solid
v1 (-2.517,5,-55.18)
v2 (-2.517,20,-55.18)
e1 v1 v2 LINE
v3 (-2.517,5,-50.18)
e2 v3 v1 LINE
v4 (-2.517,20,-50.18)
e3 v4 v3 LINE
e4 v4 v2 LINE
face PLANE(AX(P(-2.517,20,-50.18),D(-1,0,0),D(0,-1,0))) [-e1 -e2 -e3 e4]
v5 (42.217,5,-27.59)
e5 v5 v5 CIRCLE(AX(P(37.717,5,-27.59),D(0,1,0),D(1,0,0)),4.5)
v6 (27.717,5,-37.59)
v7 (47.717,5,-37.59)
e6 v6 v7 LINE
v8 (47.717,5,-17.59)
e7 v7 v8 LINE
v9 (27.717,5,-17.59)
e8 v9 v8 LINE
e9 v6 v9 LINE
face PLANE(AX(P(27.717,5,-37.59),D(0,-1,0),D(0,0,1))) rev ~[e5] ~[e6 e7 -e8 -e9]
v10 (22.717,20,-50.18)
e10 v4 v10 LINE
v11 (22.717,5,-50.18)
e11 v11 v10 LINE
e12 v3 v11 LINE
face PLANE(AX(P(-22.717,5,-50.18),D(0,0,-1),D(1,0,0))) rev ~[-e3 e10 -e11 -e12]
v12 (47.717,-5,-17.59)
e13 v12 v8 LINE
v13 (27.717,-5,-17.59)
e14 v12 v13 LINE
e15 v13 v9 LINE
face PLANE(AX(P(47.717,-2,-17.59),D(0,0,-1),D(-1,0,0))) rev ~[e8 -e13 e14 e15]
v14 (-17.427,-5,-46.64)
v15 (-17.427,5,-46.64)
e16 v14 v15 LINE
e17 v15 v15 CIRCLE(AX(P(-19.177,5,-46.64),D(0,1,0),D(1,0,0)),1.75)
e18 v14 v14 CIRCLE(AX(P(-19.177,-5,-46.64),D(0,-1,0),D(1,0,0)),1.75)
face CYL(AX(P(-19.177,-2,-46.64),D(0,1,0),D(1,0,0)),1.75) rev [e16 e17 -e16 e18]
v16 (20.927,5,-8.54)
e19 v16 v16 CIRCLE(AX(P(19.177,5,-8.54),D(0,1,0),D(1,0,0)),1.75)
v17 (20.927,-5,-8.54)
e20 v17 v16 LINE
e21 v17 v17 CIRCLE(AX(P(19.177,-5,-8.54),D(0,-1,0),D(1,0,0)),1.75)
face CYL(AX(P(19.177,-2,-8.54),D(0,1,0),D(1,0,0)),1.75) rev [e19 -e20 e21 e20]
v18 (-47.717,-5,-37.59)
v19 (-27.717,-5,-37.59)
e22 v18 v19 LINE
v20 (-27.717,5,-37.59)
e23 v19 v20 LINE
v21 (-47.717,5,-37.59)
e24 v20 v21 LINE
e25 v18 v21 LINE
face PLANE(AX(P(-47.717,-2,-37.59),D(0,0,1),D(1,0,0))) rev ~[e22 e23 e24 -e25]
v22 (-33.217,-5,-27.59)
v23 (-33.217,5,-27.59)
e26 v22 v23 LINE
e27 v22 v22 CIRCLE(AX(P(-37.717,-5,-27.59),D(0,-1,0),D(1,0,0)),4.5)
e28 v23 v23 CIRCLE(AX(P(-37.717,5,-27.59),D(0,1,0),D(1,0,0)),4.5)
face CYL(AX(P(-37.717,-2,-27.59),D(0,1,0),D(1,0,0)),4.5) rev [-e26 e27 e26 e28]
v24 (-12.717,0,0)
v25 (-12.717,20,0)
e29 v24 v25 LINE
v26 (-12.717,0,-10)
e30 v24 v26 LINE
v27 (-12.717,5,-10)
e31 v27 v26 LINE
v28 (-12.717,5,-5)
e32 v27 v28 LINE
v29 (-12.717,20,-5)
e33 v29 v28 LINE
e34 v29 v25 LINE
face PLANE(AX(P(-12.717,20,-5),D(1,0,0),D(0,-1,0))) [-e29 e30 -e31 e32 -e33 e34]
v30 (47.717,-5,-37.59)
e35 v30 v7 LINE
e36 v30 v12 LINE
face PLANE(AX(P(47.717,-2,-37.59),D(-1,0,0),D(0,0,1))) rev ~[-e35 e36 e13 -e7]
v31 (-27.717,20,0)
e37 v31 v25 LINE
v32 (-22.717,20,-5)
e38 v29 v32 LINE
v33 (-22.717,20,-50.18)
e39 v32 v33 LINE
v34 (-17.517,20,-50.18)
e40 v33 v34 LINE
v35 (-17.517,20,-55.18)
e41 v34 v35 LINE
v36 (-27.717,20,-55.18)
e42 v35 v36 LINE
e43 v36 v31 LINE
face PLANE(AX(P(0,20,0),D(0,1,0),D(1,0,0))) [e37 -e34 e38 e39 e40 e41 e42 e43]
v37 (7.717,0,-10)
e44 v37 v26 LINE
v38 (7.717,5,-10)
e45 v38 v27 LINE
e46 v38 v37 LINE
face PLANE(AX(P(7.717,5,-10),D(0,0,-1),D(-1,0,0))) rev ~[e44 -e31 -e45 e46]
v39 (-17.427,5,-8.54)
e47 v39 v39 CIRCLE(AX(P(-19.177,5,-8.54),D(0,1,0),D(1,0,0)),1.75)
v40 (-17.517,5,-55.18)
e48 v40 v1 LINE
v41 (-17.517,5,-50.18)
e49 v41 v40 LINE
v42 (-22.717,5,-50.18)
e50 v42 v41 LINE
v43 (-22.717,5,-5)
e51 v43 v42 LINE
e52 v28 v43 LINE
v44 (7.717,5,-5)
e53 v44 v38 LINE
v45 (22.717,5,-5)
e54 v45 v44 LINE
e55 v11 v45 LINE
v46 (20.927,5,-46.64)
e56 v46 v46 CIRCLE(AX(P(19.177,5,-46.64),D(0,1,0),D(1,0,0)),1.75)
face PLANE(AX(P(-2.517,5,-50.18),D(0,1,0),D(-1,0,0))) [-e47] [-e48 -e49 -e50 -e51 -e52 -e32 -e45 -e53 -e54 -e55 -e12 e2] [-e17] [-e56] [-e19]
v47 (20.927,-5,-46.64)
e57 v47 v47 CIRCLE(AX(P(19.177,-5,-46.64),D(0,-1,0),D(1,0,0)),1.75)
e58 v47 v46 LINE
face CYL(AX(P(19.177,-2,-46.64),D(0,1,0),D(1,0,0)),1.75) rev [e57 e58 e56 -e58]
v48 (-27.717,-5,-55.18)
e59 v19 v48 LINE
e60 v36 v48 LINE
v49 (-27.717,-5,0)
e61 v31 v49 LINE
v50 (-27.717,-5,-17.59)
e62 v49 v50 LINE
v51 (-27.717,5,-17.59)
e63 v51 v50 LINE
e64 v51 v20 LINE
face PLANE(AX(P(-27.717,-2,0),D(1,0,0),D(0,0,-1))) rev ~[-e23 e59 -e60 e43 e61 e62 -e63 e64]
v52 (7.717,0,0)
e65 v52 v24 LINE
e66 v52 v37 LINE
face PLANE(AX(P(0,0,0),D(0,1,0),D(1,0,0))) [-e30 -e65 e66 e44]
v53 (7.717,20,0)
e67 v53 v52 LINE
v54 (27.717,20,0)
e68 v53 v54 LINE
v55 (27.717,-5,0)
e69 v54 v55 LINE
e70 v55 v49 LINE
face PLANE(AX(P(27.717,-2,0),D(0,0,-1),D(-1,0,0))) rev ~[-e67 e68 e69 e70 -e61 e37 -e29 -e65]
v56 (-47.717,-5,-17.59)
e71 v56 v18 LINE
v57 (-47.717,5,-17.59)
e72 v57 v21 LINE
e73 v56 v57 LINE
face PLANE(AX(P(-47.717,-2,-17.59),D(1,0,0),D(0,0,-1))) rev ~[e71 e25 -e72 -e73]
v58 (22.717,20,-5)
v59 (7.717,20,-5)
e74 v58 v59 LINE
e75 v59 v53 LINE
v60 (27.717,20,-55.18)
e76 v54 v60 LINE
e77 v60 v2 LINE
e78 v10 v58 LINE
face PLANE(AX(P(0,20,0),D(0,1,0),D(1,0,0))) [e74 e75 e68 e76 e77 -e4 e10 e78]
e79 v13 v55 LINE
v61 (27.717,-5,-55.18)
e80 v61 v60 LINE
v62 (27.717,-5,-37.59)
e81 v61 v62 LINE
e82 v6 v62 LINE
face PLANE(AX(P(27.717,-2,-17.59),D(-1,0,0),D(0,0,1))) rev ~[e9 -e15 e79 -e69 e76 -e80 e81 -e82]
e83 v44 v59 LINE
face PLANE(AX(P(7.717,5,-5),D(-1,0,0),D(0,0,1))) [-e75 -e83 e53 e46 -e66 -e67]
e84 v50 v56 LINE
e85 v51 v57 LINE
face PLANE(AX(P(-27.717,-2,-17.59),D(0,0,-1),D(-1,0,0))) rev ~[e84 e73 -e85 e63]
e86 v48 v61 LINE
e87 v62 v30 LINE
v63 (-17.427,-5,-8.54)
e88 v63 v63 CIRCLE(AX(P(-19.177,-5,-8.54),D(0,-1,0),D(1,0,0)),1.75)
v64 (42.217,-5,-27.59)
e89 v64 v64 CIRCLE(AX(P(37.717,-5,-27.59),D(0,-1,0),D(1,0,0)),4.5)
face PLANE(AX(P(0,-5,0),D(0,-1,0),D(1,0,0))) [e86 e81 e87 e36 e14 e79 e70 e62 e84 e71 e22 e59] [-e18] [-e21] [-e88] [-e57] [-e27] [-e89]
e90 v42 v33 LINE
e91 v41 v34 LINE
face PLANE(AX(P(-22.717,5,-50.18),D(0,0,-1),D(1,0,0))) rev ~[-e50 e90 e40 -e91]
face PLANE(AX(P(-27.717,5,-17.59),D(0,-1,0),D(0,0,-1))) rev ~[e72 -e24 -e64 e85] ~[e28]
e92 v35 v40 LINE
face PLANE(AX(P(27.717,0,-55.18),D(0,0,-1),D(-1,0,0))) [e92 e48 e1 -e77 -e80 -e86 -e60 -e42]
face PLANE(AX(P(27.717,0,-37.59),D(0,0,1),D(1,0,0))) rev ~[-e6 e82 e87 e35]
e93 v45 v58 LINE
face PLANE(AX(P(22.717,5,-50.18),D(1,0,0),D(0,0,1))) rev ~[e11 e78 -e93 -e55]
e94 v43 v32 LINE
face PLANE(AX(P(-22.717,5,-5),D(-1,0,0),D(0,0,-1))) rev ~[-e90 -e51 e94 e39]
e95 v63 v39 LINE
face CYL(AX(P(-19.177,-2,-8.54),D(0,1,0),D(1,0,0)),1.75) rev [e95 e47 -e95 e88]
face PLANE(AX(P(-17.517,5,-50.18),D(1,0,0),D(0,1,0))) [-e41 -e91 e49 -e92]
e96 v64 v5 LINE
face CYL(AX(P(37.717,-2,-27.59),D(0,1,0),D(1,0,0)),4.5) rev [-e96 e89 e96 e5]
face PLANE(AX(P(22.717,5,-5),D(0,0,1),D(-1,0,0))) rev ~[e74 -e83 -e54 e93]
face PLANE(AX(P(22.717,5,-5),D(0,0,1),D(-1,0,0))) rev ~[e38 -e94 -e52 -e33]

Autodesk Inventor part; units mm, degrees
ref_plane "YZ Plane" through (0, 0, 0) normal (1, 0, 0) x (0, 1, 0)
ref_plane "XZ Plane" through (0, 0, 0) normal (0, 1, 0) x (-1, 0, 0)
ref_plane "XY Plane" through (0, 0, 0) normal (0, 0, 1) x (1, 0, 0)
sketch "스케치1" plane through (0, 0, 0) normal (0, 1, 0) x (-1, 0, 0)
  line L0 (27.717, -55.18) -> (-27.717, -55.18)
  line L1 (-27.717, -55.18) -> (-27.717, 0)
  line L2 (-27.717, 0) -> (27.717, 0)
  line L3 (27.717, 0) -> (27.717, -55.18)
  point P0 (0, 0)
  point P1 (0, 0)
  dimension "d0" = 55.434
  dimension "d1" = 55.18
extrude "돌출1" add sketch "스케치1" along normal blind 5
sketch "스케치2" plane through (0, 5, 0) normal (0, 1, 0) x (1, 0, 0)
  line L0 (-27.717, 0) -> (27.717, 0) projected
  line L1 (27.717, 0) -> (27.717, 55.18) projected
  line L2 (27.717, 55.18) -> (-27.717, 55.18) projected
  line L3 (-27.717, 55.18) -> (-27.717, 0) projected
  line L4 (-22.717, 50.18) -> (22.717, 50.18)
  line L5 (22.717, 50.18) -> (22.717, 5)
  line L6 (22.717, 5) -> (-22.717, 5)
  line L7 (-22.717, 5) -> (-22.717, 50.18)
  point P0 (0, 0)
  dimension "d4" = 45.434
  dimension "d5" = 45.18
  dimension "d6" = 5
  dimension "d7" = 5
extrude "돌출2" add sketch "스케치2" along normal blind 15
sketch "스케치3" plane through (22.717, 5, -5) normal (0, 0, -1) x (-1, 0, 0)
  line L0 (45.434, 0) -> (0, 0) projected
  line L1 (45.434, 0) -> (45.434, 15) projected
  line L2 (0, 15) -> (45.434, 15) projected
  line L3 (0, 0) -> (0, 15) projected
  line L4 (15, 15) -> (35.434, 15)
  line L5 (35.434, 15) -> (35.434, 0)
  line L6 (35.434, 0) -> (15, 0)
  line L7 (15, 0) -> (15, 15)
  point P0 (22.717, -5)
  point P1 (15, 0)
  dimension "d10" = 15
  dimension "d11" = 10
extrude "돌출3" cut sketch "스케치3" against normal blind 15 contours L0 L7 L2 L5
sketch "스케치5" plane through (-22.717, 5, -50.18) normal (0, 0, 1) x (1, 0, 0)
  line L0 (45.434, 0) -> (0, 0) projected
  line L1 (45.434, 0) -> (45.434, 15) projected
  line L2 (0, 15) -> (45.434, 15) projected
  line L3 (0, 0) -> (0, 15) projected
  line L4 (5.2, 15) -> (20.2, 15)
  line L5 (20.2, 15) -> (20.2, 0)
  line L6 (20.2, 0) -> (5.2, 0)
  line L7 (5.2, 0) -> (5.2, 15)
  point P0 (22.717, -5)
  point P1 (5.2, 0)
  dimension "d14" = 15
  dimension "d15" = 5.2
extrude "돌출4" cut sketch "스케치5" against normal blind 10 contours L0 L7 L2 L5
sketch "스케치6" plane through (0, 5, 0) normal (0, 1, 0) x (1, 0, 0)
  line L0 (-22.717, 50.18) -> (-22.717, 5) projected
  line L1 (-22.717, 5) -> (-12.717, 5) projected
  line L2 (-12.717, 5) -> (-12.717, 0) projected
  line L3 (7.717, 0) -> (-12.717, 0) projected
  line L4 (7.717, 5) -> (7.717, 0) projected
  line L5 (7.717, 5) -> (22.717, 5) projected
  line L6 (22.717, 5) -> (22.717, 50.18) projected
  line L7 (22.717, 50.18) -> (-2.517, 50.18) projected
  line L8 (-2.517, 50.18) -> (-2.517, 55.18) projected
  line L9 (-17.517, 55.18) -> (-2.517, 55.18) projected
  line L10 (-17.517, 50.18) -> (-17.517, 55.18) projected
  line L11 (-17.517, 50.18) -> (-22.717, 50.18) projected
  circle A0 centre (-19.177, 46.64) radius 1.75
  circle A1 centre (19.177, 46.64) radius 1.75
  circle A2 centre (-19.177, 8.54) radius 1.75
  circle A3 centre (19.177, 8.54) radius 1.75
  point P0 (0, 0)
  dimension "d18" = 3.5
  dimension "d19" = 3.5
  dimension "d20" = 3.5
  dimension "d21" = 3.5
  dimension "d22" = 3.54
  dimension "d23" = 3.54
  dimension "d24" = 38.354
  dimension "d25" = 38.1
  dimension "d26" = 38.354
  dimension "d27" = 38.1
  dimension "d28" = 3.54
  dimension "d29" = 3.54
  dimension "d30" = 3.54
  dimension "d31" = 3.54
  dimension "d32" = 3.54
  dimension "d33" = 3.54
extrude "돌출5" cut sketch "스케치6" against normal blind 10 contours A0 | A1 | A2 | A3
sketch "스케치7" plane through (27.717, 0, 0) normal (1, 0, 0) x (0, 0, -1)
  line L0 (17.59, 0) -> (37.59, 0)
  line L1 (37.59, 0) -> (37.59, 5)
  line L2 (37.59, 5) -> (17.59, 5)
  line L3 (17.59, 5) -> (17.59, 0)
  line L4 (55.18, 0) -> (55.18, 20) projected
  line L5 (0, 0) -> (0, 20) projected
  dimension "d36" = 20
  dimension "d37" = 5
  dimension "d38" = 55.18
  dimension "d39" = 17.59
  dimension "d40" = 15
extrude "돌출6" add sketch "스케치7" along normal blind 20
sketch "스케치8" plane through (27.717, 5, -17.59) normal (0, 1, 0) x (1, 0, 0)
  line L0 (0, 0) -> (0, 20) projected
  line L1 (0, 0) -> (20, 0) projected
  line L2 (20, 20) -> (20, 0) projected
  line L3 (0, 20) -> (20, 20) projected
  circle A0 centre (10, 10) radius 4.5
  point P0 (-27.717, -17.59)
  dimension "d43" = 9
extrude "돌출7" cut sketch "스케치8" against normal blind 20 contours A0
sketch "스케치9" plane through (-27.717, 0, -55.18) normal (-1, 0, 0) x (0, 0, 1)
  line L0 (17.59, 0) -> (37.59, 0)
  line L1 (37.59, 0) -> (37.59, 5)
  line L2 (37.59, 5) -> (17.59, 5)
  line L3 (17.59, 5) -> (17.59, 0)
  line L4 (55.18, 0) -> (55.18, 20) projected
  dimension "d46" = 20
  dimension "d47" = 5
  dimension "d48" = 17.59
  dimension "d49" = 15
extrude "돌출8" add sketch "스케치9" along normal blind 20
sketch "스케치10" plane through (-27.717, 5, -17.59) normal (0, 1, 0) x (1, 0, 0)
  line L0 (0, 20) -> (0, 0) projected
  line L1 (0, 20) -> (-20, 20) projected
  line L2 (-20, 0) -> (-20, 20) projected
  line L3 (0, 0) -> (-20, 0) projected
  circle A0 centre (-10, 10) radius 4.5
  point P0 (27.717, -17.59)
  dimension "d52" = 9
extrude "돌출9" cut sketch "스케치10" against normal blind 20 contours A0
sketch "스케치12" plane through (0, 0, 0) normal (0, -1, 0) x (1, 0, 0)
  circle A0 centre (-37.717, -27.59) radius 4.5 projected
  circle A1 centre (37.717, -27.59) radius 4.5 projected
  circle A2 centre (-19.177, -8.54) radius 1.75 projected
  circle A3 centre (19.177, -46.64) radius 1.75 projected
  circle A4 centre (19.177, -8.54) radius 1.75 projected
  circle A5 centre (-19.177, -46.64) radius 1.75 projected
  line L0 (-27.717, 0) -> (27.717, 0) projected
  line L1 (-27.717, -17.59) -> (-27.717, 0) projected
  line L2 (-27.717, -17.59) -> (-47.717, -17.59) projected
  line L3 (-47.717, -37.59) -> (-47.717, -17.59) projected
  line L4 (-27.717, -37.59) -> (-47.717, -37.59) projected
  line L5 (-27.717, -55.18) -> (-27.717, -37.59) projected
  line L6 (27.717, -55.18) -> (-27.717, -55.18) projected
  line L7 (27.717, -37.59) -> (27.717, -55.18) projected
  line L8 (27.717, -37.59) -> (47.717, -37.59) projected
  line L9 (47.717, -17.59) -> (47.717, -37.59) projected
  line L10 (27.717, -17.59) -> (47.717, -17.59) projected
  line L11 (27.717, 0) -> (27.717, -17.59) projected
  line L12 (-27.717, 0) -> (27.717, 0)
  line L13 (27.717, -55.18) -> (-27.717, -55.18)
  line L14 (27.717, -17.59) -> (47.717, -17.59)
  line L15 (47.717, -17.59) -> (47.717, -37.59)
  line L16 (47.717, -37.59) -> (27.717, -37.59)
  line L17 (-47.717, -17.59) -> (-27.717, -17.59)
  line L18 (-27.717, -37.59) -> (-47.717, -37.59)
  line L19 (-47.717, -37.59) -> (-47.717, -17.59)
  circle A6 centre (-37.717, -27.59) radius 4.5
  circle A7 centre (-19.177, -8.54) radius 1.75
  circle A8 centre (19.177, -8.54) radius 1.75
  circle A9 centre (37.717, -27.59) radius 4.5
  circle A10 centre (19.177, -46.64) radius 1.75
  circle A11 centre (-19.177, -46.64) radius 1.75
  line L20 (-27.717, -55.18) -> (-27.717, -37.59)
  line L21 (-27.717, -17.59) -> (-27.717, 0)
  line L22 (27.717, 0) -> (27.717, -17.59)
  line L23 (27.717, -37.59) -> (27.717, -55.18)
  point P0 (0, 0)
extrude "돌출10" add sketch "스케치12" along normal blind 2
sketch "스케치13" plane through (0, 5, 0) normal (0, 1, 0) x (1, 0, 0)
  circle A0 centre (-19.177, 8.54) radius 1.75 projected
  circle A1 centre (19.177, 46.64) radius 1.75 projected
  circle A2 centre (19.177, 8.54) radius 1.75 projected
  circle A3 centre (-19.177, 46.64) radius 1.75 projected
  line L0 (-22.717, 50.18) -> (-22.717, 5) projected
  line L1 (-22.717, 5) -> (-12.717, 5) projected
  line L2 (-12.717, 5) -> (-12.717, 0) projected
  line L3 (7.717, 0) -> (-12.717, 0) projected
  line L4 (7.717, 5) -> (7.717, 0) projected
  line L5 (7.717, 5) -> (22.717, 5) projected
  line L6 (22.717, 5) -> (22.717, 50.18) projected
  line L7 (22.717, 50.18) -> (-2.517, 50.18) projected
  line L8 (-2.517, 50.18) -> (-2.517, 55.18) projected
  line L9 (-17.517, 55.18) -> (-2.517, 55.18) projected
  line L10 (-17.517, 50.18) -> (-17.517, 55.18) projected
  line L11 (-17.517, 50.18) -> (-22.717, 50.18) projected
  line L12 (-12.717, 0) -> (7.717, 0)
  line L13 (7.717, 0) -> (7.717, 5)
  line L14 (-12.717, 5) -> (-12.717, 0)
  line L15 (7.717, 5) -> (7.717, 10)
  line L16 (7.717, 10) -> (-12.717, 10)
  line L17 (-12.717, 10) -> (-12.717, 5)
  point P0 (0, 0)
  dimension "d57" = 5
extrude "돌출11" cut sketch "스케치13" against normal blind 5 contours L17 L16 L15 L4 L3 L2
sketch "스케치14" plane through (0, -2, 0) normal (0, -1, 0) x (1, 0, 0)
  line L0 (27.717, 0) -> (-27.717, 0) projected
  line L1 (-27.717, 0) -> (-27.717, -17.59) projected
  line L2 (-27.717, -17.59) -> (-47.717, -17.59) projected
  line L3 (-47.717, -17.59) -> (-47.717, -37.59) projected
  line L4 (-47.717, -37.59) -> (-27.717, -37.59) projected
  line L5 (-27.717, -37.59) -> (-27.717, -55.18) projected
  line L6 (-27.717, -55.18) -> (27.717, -55.18) projected
  line L7 (27.717, -55.18) -> (27.717, -37.59) projected
  line L8 (27.717, -37.59) -> (47.717, -37.59) projected
  line L9 (47.717, -37.59) -> (47.717, -17.59) projected
  line L10 (47.717, -17.59) -> (27.717, -17.59) projected
  line L11 (27.717, -17.59) -> (27.717, 0) projected
  circle A0 centre (-37.717, -27.59) radius 4.5 projected
  circle A1 centre (37.717, -27.59) radius 4.5 projected
  circle A2 centre (-19.177, -8.54) radius 1.75 projected
  circle A3 centre (19.177, -46.64) radius 1.75 projected
  circle A4 centre (19.177, -8.54) radius 1.75 projected
  circle A5 centre (-19.177, -46.64) radius 1.75 projected
  line L12 (47.717, -17.59) -> (47.717, -37.59)
  line L13 (-47.717, -37.59) -> (-47.717, -17.59)
  line L14 (-27.717, 0) -> (27.717, 0)
  line L15 (27.717, -55.18) -> (-27.717, -55.18)
  circle A6 centre (-19.177, -8.54) radius 1.75
  circle A7 centre (19.177, -8.54) radius 1.75
  circle A8 centre (19.177, -46.64) radius 1.75
  circle A9 centre (-19.177, -46.64) radius 1.75
  circle A10 centre (-37.717, -27.59) radius 4.5
  circle A11 centre (37.717, -27.59) radius 4.5
  line L16 (-47.717, -17.59) -> (-27.717, -17.59)
  line L17 (27.717, -17.59) -> (47.717, -17.59)
  line L18 (47.717, -37.59) -> (27.717, -37.59)
  line L19 (-27.717, -37.59) -> (-47.717, -37.59)
  line L20 (27.717, 0) -> (27.717, -17.59)
  line L21 (27.717, -37.59) -> (27.717, -55.18)
  line L22 (-27.717, -55.18) -> (-27.717, -37.59)
  line L23 (-27.717, -17.59) -> (-27.717, 0)
  point P0 (0, 0)
extrude "돌출12" add sketch "스케치14" along normal blind 3
properties part number "ZED-F9P-02B-case_new"
